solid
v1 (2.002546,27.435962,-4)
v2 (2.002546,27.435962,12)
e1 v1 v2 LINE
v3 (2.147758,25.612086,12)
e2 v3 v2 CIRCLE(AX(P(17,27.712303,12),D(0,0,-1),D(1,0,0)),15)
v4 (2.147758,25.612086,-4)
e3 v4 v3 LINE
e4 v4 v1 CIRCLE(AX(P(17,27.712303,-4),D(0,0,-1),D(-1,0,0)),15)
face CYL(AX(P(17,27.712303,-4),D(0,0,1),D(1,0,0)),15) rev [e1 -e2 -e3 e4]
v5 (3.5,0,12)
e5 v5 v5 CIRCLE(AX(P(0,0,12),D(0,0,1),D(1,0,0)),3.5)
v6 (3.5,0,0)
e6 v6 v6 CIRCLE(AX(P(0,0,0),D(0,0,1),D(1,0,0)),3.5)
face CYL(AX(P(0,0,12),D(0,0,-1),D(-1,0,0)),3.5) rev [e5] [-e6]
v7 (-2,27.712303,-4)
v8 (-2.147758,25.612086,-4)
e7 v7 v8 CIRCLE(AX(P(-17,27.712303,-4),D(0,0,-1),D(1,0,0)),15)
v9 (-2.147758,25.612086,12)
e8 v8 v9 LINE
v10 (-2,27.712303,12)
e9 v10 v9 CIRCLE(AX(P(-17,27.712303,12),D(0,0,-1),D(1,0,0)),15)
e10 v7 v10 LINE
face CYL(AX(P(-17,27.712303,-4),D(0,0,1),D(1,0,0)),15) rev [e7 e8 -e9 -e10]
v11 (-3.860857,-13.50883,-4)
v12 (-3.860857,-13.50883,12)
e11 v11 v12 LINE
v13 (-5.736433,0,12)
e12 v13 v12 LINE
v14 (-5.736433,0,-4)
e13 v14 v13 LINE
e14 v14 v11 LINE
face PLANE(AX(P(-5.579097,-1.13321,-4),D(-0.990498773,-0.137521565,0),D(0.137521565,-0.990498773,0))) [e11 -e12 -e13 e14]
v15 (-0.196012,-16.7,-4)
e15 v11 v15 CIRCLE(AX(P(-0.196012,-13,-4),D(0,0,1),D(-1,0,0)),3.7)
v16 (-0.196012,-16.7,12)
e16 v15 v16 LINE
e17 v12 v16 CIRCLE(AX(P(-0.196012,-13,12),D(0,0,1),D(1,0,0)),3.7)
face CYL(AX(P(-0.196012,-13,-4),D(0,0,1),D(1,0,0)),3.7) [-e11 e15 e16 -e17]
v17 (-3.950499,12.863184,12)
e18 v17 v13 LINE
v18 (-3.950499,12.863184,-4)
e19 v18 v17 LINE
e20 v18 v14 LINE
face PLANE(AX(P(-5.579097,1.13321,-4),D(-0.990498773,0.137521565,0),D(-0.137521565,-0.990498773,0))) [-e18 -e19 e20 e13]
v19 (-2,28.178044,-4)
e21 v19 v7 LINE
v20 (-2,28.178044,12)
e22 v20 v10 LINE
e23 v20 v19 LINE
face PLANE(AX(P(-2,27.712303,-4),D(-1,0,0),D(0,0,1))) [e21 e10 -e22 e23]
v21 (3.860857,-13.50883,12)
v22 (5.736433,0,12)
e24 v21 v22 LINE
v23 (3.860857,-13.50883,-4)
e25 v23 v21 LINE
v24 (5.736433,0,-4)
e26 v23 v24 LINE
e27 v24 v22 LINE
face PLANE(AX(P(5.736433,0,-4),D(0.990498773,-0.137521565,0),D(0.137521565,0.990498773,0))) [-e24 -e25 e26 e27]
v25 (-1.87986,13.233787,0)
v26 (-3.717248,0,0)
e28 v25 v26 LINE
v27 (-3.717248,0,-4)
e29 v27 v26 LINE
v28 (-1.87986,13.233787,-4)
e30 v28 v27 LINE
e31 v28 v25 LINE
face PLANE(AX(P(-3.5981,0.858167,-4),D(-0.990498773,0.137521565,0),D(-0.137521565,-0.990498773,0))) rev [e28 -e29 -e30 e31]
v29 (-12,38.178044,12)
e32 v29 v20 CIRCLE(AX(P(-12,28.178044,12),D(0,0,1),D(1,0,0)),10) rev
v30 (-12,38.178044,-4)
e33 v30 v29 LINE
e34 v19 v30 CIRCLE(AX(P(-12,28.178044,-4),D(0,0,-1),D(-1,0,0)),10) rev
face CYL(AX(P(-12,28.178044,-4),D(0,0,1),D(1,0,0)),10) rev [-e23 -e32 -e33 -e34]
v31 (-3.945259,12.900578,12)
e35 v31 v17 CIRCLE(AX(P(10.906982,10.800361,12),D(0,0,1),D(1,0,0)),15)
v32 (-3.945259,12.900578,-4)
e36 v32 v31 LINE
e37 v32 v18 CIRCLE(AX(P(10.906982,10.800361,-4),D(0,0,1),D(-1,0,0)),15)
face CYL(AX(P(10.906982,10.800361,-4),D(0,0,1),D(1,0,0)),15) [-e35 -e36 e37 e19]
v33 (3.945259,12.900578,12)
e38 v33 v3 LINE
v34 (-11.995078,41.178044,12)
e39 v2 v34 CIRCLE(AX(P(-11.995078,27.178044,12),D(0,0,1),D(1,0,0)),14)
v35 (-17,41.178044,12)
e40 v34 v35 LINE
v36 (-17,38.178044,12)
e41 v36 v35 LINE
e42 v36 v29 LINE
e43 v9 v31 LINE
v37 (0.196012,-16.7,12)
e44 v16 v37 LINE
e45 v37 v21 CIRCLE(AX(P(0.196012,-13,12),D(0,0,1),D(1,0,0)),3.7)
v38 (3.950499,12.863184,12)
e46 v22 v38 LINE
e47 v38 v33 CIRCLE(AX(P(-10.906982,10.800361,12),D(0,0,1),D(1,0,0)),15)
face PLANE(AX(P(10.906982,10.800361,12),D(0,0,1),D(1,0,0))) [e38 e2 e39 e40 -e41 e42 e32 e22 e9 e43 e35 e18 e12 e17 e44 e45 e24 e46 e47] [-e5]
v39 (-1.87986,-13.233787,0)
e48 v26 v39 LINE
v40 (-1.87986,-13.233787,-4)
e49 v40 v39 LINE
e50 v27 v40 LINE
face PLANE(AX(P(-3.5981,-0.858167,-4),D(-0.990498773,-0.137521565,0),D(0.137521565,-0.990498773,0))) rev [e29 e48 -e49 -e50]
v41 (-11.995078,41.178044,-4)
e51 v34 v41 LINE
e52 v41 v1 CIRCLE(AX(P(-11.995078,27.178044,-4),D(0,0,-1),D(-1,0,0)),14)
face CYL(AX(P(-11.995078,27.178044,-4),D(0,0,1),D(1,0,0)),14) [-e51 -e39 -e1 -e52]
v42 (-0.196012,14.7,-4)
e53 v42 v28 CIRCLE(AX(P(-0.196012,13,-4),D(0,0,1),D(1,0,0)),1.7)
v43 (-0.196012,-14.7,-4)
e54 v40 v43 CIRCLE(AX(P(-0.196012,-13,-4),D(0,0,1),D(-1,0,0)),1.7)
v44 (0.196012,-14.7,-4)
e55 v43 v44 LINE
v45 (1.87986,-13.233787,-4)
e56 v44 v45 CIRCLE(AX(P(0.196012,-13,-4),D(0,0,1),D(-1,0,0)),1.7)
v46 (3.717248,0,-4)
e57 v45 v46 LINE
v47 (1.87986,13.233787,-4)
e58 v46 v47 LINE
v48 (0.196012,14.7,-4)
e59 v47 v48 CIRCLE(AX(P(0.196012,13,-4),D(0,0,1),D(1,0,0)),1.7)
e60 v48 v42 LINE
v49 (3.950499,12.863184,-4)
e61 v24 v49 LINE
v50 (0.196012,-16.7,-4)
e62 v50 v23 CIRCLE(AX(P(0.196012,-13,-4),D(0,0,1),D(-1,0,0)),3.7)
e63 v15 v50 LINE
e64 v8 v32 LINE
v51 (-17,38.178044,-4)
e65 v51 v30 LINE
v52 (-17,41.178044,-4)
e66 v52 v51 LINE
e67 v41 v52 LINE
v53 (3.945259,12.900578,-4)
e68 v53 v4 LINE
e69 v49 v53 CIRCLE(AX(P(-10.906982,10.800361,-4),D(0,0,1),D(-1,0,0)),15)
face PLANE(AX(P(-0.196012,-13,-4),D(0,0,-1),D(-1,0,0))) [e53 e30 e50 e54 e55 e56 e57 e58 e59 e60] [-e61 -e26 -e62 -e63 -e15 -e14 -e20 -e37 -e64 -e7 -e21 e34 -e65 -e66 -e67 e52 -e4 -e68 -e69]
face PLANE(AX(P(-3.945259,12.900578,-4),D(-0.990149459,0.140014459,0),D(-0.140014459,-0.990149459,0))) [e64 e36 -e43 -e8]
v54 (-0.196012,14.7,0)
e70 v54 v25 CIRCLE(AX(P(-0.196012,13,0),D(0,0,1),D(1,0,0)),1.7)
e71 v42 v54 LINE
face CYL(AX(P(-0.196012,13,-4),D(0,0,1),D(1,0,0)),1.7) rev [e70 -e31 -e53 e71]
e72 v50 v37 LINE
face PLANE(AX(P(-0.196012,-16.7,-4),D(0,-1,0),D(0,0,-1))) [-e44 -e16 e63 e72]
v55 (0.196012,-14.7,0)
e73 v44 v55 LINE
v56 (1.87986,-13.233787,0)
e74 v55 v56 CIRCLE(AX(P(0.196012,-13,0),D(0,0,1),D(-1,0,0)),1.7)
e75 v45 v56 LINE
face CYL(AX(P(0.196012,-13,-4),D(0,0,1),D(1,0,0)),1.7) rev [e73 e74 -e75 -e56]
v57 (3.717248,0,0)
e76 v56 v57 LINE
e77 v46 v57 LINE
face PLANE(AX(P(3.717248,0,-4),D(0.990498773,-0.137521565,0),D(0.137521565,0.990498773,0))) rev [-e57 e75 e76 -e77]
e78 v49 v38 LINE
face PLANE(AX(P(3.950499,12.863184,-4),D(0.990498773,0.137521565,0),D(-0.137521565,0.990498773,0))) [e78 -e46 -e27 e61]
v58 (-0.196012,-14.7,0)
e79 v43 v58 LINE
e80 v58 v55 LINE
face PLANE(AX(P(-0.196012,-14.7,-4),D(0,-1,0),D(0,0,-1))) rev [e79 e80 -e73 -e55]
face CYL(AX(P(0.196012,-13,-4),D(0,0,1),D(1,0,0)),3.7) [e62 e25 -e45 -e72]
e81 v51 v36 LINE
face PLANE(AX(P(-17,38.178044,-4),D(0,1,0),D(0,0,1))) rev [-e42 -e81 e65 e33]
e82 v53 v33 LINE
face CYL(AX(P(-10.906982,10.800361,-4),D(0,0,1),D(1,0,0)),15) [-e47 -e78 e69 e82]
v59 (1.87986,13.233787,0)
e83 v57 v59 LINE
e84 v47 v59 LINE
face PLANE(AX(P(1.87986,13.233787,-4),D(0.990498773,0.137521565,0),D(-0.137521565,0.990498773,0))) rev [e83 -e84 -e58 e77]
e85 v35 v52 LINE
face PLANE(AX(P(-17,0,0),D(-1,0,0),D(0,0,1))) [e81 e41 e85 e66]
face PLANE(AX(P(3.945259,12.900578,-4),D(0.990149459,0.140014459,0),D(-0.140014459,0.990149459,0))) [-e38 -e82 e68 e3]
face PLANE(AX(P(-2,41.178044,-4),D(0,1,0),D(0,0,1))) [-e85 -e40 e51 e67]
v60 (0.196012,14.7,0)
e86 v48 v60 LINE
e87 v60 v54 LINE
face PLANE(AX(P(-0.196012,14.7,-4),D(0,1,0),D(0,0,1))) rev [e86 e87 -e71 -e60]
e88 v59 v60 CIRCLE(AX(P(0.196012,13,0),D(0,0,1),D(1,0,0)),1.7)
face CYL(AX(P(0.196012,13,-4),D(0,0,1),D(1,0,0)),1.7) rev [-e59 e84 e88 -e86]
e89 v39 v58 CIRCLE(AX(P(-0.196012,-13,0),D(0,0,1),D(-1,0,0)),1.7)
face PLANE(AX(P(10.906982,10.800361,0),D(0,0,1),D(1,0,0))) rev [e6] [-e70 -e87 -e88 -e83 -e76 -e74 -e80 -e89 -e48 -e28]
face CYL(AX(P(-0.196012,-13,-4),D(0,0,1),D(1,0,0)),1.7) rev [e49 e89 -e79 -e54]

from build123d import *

# Parameters (mm, degrees)
BOSS_EXTRUDE1_DEPTH = 4
BOSS_EXTRUDE2_START = 12
SKETCH3_R           = 3.5
BOSS_EXTRUDE2_DEPTH = 12
SKETCH4_W           = 16
SKETCH4_H           = 3
BOSS_EXTRUDE3_DEPTH = 15
FILLET3_R           = 10
FILLET5_R           = 14


with BuildPart() as part:
    # Sketch2 → Boss-Extrude1 (new body)
    with BuildSketch(Plane.XY):
        with BuildLine():
            Line((-2, 41.178043508), (2, 41.178043508))
            Line((2, 41.178043508), (2, 27.712303128))
            ThreePointArc((2, 27.712303128), (2.036985125, 26.659599059), (2.147758114, 25.612086241))
            Line((2.147758114, 25.612086241), (3.94525946, 12.900577758))
            ThreePointArc((3.94525946, 12.900577758), (3.94789108, 12.8818827), (3.950499168, 12.863184344))
            Line((3.950499168, 12.863184344), (5.5790973, 1.133209829))
            Line((5.5790973, 1.133209829), (5.736432971, 0))
            Line((5.736432971, 0), (5.5790973, -1.133209829))
            Line((5.5790973, -1.133209829), (3.860857289, -13.50882979))
            ThreePointArc((3.860857289, -13.50882979), (2.625757677, -15.790400529), (0.196011829, -16.7))
            Line((0.196011829, -16.7), (-0.196011829, -16.7))
            ThreePointArc((-0.196011829, -16.7), (-2.625757677, -15.790400529), (-3.860857289, -13.50882979))
            Line((-3.860857289, -13.50882979), (-5.5790973, -1.133209829))
            Line((-5.5790973, -1.133209829), (-5.736432971, 0))
            Line((-5.736432971, 0), (-5.5790973, 1.133209829))
            Line((-5.5790973, 1.133209829), (-3.950499168, 12.863184344))
            ThreePointArc((-3.950499168, 12.863184344), (-3.94789108, 12.8818827), (-3.94525946, 12.900577758))
            Line((-3.94525946, 12.900577758), (-2.147758114, 25.612086241))
            ThreePointArc((-2.147758114, 25.612086241), (-2.036985125, 26.659599059), (-2, 27.712303128))
            Line((-2, 27.712303128), (-2, 41.178043508))
        make_face()
        with BuildLine():
            Line((-3.598099755, -0.858166699), (-1.879859743, -13.23378666))
            ThreePointArc((-1.879859743, -13.23378666), (-1.312381543, -14.282075919), (-0.196011829, -14.7))
            Line((-0.196011829, -14.7), (0.196011829, -14.7))
            ThreePointArc((0.196011829, -14.7), (1.312381543, -14.282075919), (1.879859743, -13.23378666))
            Line((1.879859743, -13.23378666), (3.598099755, -0.858166699))
            Line((3.598099755, -0.858166699), (3.717248239, 0))
            Line((3.717248239, 0), (3.598099755, 0.858166699))
            Line((3.598099755, 0.858166699), (1.879859743, 13.23378666))
            ThreePointArc((1.879859743, 13.23378666), (1.312381543, 14.282075919), (0.196011829, 14.7))
            Line((0.196011829, 14.7), (-0.196011829, 14.7))
            ThreePointArc((-0.196011829, 14.7), (-1.312381543, 14.282075919), (-1.879859743, 13.23378666))
            Line((-1.879859743, 13.23378666), (-3.598099755, 0.858166699))
            Line((-3.598099755, 0.858166699), (-3.717248239, 0))
            Line((-3.717248239, 0), (-3.598099755, -0.858166699))
        make_face(mode=Mode.SUBTRACT)
    extrude(amount=-BOSS_EXTRUDE1_DEPTH)

    # Sketch3 → Boss-Extrude2 (add)
    with BuildSketch(Plane.XY.offset(BOSS_EXTRUDE2_START)):
        with BuildLine():
            Line((-3.950499168, 12.863184344), (-5.736432971, 0))
            Line((-5.736432971, 0), (-3.860857289, -13.50882979))
            ThreePointArc((-3.860857289, -13.50882979), (-2.625757677, -15.790400529), (-0.196011829, -16.7))
            Line((-0.196011829, -16.7), (0.196011829, -16.7))
            ThreePointArc((0.196011829, -16.7), (2.625757677, -15.790400529), (3.860857289, -13.50882979))
            Line((3.860857289, -13.50882979), (5.736432971, 0))
            Line((5.736432971, 0), (3.950499168, 12.863184344))
            ThreePointArc((3.950499168, 12.863184344), (3.94789108, 12.8818827), (3.94525946, 12.900577758))
            Line((3.94525946, 12.900577758), (2.147758114, 25.612086241))
            ThreePointArc((2.147758114, 25.612086241), (2.036985125, 26.659599059), (2, 27.712303128))
            Line((2, 27.712303128), (2, 41.178043508))
            Line((2, 41.178043508), (-2, 41.178043508))
            Line((-2, 41.178043508), (-2, 27.712303128))
            ThreePointArc((-2, 27.712303128), (-2.036985125, 26.659599059), (-2.147758114, 25.612086241))
            Line((-2.147758114, 25.612086241), (-3.94525946, 12.900577758))
            ThreePointArc((-3.94525946, 12.900577758), (-3.94789108, 12.8818827), (-3.950499168, 12.863184344))
        make_face()
        Circle(SKETCH3_R, mode=Mode.SUBTRACT)
    extrude(amount=-BOSS_EXTRUDE2_DEPTH)

    # Sketch4 → Boss-Extrude3 (add)
    with BuildSketch(Plane.ZY.offset(2)):
        with Locations((4, 39.678043508)):
            Rectangle(SKETCH4_W, SKETCH4_H)
    extrude(amount=BOSS_EXTRUDE3_DEPTH)

    # Fillet3
    fillet3_edges = [part.edges().sort_by_distance(p)[0] for p in [
        (-2, 38.178043508, 4),
    ]]
    fillet(fillet3_edges, radius=FILLET3_R)

    # Fillet5
    fillet5_edges = [part.edges().sort_by_distance(p)[0] for p in [
        (2, 41.178043508, 4),
    ]]
    fillet(fillet5_edges, radius=FILLET5_R)


solid = part.part
